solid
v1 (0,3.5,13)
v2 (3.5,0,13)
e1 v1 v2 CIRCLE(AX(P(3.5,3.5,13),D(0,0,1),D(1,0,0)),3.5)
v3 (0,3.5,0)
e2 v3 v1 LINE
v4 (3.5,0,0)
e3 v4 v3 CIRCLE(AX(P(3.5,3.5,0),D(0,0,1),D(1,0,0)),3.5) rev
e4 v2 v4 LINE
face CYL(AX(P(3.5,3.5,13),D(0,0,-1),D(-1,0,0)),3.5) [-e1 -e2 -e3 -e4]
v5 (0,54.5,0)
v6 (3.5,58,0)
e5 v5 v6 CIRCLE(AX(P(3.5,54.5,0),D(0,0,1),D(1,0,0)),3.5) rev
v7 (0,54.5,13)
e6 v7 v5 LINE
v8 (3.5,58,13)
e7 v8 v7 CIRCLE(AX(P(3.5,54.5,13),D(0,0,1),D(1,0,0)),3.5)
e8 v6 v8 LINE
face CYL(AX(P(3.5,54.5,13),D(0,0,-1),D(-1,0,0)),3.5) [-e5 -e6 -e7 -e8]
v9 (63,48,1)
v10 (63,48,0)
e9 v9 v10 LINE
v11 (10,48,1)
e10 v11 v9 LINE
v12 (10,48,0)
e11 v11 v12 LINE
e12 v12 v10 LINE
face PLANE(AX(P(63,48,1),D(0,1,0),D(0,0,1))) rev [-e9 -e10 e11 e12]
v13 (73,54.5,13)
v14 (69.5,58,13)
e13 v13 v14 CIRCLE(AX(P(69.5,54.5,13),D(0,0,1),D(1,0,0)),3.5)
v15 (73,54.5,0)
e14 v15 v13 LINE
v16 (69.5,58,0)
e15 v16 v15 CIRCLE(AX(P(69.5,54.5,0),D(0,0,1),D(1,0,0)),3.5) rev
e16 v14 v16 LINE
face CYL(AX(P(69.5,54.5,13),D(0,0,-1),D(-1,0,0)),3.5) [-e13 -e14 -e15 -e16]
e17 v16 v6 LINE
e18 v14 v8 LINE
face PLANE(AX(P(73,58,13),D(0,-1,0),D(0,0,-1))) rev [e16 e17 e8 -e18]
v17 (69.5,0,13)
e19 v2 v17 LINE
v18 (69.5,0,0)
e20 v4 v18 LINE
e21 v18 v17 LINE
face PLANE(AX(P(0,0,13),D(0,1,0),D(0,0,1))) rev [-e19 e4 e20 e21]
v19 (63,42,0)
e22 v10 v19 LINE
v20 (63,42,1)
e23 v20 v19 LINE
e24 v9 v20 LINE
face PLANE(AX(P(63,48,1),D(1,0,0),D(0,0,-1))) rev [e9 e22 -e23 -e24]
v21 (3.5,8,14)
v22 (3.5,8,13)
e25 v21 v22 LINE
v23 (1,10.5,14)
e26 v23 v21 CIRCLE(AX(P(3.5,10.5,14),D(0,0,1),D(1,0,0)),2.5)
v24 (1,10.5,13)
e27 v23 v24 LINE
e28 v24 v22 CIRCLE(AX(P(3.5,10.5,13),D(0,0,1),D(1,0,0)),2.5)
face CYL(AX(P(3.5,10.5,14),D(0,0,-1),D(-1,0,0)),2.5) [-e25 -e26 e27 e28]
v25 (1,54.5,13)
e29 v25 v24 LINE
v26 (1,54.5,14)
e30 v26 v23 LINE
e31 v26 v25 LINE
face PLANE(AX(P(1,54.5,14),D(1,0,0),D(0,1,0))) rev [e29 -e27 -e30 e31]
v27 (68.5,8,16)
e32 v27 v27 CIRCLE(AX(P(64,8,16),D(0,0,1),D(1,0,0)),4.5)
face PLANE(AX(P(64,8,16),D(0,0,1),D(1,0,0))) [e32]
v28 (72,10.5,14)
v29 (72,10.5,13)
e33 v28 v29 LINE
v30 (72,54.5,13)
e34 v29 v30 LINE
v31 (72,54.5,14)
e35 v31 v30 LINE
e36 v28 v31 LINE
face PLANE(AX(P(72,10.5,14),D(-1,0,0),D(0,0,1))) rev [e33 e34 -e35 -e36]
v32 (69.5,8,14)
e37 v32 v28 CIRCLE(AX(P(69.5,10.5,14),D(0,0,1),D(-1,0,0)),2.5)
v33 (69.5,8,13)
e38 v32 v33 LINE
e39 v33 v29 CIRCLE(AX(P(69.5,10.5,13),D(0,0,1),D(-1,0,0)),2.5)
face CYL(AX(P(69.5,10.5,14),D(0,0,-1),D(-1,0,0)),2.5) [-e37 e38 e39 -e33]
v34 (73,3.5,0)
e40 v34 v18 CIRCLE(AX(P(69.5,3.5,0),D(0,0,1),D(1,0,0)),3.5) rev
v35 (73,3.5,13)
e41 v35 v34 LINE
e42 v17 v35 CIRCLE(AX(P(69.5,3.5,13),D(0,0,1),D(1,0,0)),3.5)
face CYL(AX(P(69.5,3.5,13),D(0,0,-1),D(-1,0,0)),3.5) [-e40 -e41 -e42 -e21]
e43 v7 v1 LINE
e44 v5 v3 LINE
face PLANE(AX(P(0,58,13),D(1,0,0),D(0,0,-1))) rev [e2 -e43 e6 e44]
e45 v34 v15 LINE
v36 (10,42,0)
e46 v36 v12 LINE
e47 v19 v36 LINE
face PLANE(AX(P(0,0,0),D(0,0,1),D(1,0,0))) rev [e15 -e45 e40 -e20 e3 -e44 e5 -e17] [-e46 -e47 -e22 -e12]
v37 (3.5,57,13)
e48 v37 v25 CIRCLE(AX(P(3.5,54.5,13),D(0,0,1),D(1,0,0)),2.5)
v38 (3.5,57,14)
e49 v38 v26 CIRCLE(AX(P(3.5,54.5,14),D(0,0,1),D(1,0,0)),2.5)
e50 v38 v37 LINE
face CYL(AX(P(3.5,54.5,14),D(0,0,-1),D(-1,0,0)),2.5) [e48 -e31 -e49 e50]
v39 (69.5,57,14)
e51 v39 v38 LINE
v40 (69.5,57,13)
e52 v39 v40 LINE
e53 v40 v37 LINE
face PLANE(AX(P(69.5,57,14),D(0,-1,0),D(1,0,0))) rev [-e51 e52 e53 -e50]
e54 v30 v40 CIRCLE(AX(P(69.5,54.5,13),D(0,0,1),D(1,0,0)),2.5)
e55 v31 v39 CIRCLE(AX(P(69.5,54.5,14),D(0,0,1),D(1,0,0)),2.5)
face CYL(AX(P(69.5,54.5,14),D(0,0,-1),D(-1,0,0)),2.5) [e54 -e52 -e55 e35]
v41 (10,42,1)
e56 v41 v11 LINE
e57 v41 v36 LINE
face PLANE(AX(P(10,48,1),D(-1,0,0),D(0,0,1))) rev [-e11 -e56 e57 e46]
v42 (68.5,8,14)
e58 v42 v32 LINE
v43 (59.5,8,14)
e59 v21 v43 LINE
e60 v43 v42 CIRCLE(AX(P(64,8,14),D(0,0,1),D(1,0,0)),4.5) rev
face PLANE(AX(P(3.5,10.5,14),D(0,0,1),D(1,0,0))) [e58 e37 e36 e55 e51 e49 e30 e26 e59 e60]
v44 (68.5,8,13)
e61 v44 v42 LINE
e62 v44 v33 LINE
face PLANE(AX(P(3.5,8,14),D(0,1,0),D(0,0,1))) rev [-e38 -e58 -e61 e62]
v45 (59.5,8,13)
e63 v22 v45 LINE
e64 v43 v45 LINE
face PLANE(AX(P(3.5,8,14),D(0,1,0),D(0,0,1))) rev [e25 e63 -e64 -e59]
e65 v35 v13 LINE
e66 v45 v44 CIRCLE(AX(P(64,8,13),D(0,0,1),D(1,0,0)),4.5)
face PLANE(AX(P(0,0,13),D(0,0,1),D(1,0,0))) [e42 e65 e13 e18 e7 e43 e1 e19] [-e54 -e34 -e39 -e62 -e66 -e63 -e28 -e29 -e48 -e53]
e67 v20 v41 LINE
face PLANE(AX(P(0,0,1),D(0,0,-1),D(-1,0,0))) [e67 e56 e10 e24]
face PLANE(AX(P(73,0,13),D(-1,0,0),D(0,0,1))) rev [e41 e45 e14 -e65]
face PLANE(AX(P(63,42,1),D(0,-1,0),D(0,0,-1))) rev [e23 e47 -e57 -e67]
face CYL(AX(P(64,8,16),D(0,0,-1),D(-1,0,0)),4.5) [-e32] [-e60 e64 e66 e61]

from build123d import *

# Parameters (mm, degrees)
SKETCH1_W           = 73
SKETCH1_H           = 58
BOSS_EXTRUDE1_DEPTH = 13
FILLET1_R           = 3.5
BOSS_EXTRUDE2_DEPTH = 1
SKETCH3_R           = 4.5
BOSS_EXTRUDE3_DEPTH = 3
SKETCH6_W           = 53
SKETCH6_H           = 6
CUT_EXTRUDE2_DEPTH  = 1


with BuildPart() as part:
    # Sketch1 → Boss-Extrude1 (new body)
    with BuildSketch(Plane.XY):
        with Locations((36.5, 29)):
            Rectangle(SKETCH1_W, SKETCH1_H)
    extrude(amount=BOSS_EXTRUDE1_DEPTH)

    # Fillet1
    fillet1_edges = [part.edges().sort_by_distance(p)[0] for p in [
        (0, 58, 6.5),
        (73, 58, 6.5),
        (73, 0, 6.5),
        (0, 0, 6.5),
    ]]
    fillet(fillet1_edges, radius=FILLET1_R)

    # Sketch2 → Boss-Extrude2 (add)
    with BuildSketch(Plane.XY.offset(13)):
        with BuildLine():
            Line((3.5, 8), (69.5, 8))
            ThreePointArc((69.5, 8), (71.267766953, 8.732233047), (72, 10.5))
            Line((72, 10.5), (72, 54.5))
            ThreePointArc((72, 54.5), (71.267766953, 56.267766953), (69.5, 57))
            Line((69.5, 57), (3.5, 57))
            ThreePointArc((3.5, 57), (1.732233047, 56.267766953), (1, 54.5))
            Line((1, 54.5), (1, 10.5))
            ThreePointArc((1, 10.5), (1.732233047, 8.732233047), (3.5, 8))
        make_face()
    extrude(amount=BOSS_EXTRUDE2_DEPTH)

    # Sketch3 → Boss-Extrude3 (add)
    with BuildSketch(Plane.XY.offset(13)):
        with Locations((64, 8)):
            Circle(SKETCH3_R)
    extrude(amount=BOSS_EXTRUDE3_DEPTH)

    # Sketch6 → Cut-Extrude2 (cut)
    with BuildSketch(Plane(origin=(0, 0, 0), x_dir=(-1, 0, 0), z_dir=(0, 0, -1))):
        with Locations((-36.5, 45)):
            Rectangle(SKETCH6_W, SKETCH6_H)
    extrude(amount=-CUT_EXTRUDE2_DEPTH, mode=Mode.SUBTRACT)


solid = part.part
